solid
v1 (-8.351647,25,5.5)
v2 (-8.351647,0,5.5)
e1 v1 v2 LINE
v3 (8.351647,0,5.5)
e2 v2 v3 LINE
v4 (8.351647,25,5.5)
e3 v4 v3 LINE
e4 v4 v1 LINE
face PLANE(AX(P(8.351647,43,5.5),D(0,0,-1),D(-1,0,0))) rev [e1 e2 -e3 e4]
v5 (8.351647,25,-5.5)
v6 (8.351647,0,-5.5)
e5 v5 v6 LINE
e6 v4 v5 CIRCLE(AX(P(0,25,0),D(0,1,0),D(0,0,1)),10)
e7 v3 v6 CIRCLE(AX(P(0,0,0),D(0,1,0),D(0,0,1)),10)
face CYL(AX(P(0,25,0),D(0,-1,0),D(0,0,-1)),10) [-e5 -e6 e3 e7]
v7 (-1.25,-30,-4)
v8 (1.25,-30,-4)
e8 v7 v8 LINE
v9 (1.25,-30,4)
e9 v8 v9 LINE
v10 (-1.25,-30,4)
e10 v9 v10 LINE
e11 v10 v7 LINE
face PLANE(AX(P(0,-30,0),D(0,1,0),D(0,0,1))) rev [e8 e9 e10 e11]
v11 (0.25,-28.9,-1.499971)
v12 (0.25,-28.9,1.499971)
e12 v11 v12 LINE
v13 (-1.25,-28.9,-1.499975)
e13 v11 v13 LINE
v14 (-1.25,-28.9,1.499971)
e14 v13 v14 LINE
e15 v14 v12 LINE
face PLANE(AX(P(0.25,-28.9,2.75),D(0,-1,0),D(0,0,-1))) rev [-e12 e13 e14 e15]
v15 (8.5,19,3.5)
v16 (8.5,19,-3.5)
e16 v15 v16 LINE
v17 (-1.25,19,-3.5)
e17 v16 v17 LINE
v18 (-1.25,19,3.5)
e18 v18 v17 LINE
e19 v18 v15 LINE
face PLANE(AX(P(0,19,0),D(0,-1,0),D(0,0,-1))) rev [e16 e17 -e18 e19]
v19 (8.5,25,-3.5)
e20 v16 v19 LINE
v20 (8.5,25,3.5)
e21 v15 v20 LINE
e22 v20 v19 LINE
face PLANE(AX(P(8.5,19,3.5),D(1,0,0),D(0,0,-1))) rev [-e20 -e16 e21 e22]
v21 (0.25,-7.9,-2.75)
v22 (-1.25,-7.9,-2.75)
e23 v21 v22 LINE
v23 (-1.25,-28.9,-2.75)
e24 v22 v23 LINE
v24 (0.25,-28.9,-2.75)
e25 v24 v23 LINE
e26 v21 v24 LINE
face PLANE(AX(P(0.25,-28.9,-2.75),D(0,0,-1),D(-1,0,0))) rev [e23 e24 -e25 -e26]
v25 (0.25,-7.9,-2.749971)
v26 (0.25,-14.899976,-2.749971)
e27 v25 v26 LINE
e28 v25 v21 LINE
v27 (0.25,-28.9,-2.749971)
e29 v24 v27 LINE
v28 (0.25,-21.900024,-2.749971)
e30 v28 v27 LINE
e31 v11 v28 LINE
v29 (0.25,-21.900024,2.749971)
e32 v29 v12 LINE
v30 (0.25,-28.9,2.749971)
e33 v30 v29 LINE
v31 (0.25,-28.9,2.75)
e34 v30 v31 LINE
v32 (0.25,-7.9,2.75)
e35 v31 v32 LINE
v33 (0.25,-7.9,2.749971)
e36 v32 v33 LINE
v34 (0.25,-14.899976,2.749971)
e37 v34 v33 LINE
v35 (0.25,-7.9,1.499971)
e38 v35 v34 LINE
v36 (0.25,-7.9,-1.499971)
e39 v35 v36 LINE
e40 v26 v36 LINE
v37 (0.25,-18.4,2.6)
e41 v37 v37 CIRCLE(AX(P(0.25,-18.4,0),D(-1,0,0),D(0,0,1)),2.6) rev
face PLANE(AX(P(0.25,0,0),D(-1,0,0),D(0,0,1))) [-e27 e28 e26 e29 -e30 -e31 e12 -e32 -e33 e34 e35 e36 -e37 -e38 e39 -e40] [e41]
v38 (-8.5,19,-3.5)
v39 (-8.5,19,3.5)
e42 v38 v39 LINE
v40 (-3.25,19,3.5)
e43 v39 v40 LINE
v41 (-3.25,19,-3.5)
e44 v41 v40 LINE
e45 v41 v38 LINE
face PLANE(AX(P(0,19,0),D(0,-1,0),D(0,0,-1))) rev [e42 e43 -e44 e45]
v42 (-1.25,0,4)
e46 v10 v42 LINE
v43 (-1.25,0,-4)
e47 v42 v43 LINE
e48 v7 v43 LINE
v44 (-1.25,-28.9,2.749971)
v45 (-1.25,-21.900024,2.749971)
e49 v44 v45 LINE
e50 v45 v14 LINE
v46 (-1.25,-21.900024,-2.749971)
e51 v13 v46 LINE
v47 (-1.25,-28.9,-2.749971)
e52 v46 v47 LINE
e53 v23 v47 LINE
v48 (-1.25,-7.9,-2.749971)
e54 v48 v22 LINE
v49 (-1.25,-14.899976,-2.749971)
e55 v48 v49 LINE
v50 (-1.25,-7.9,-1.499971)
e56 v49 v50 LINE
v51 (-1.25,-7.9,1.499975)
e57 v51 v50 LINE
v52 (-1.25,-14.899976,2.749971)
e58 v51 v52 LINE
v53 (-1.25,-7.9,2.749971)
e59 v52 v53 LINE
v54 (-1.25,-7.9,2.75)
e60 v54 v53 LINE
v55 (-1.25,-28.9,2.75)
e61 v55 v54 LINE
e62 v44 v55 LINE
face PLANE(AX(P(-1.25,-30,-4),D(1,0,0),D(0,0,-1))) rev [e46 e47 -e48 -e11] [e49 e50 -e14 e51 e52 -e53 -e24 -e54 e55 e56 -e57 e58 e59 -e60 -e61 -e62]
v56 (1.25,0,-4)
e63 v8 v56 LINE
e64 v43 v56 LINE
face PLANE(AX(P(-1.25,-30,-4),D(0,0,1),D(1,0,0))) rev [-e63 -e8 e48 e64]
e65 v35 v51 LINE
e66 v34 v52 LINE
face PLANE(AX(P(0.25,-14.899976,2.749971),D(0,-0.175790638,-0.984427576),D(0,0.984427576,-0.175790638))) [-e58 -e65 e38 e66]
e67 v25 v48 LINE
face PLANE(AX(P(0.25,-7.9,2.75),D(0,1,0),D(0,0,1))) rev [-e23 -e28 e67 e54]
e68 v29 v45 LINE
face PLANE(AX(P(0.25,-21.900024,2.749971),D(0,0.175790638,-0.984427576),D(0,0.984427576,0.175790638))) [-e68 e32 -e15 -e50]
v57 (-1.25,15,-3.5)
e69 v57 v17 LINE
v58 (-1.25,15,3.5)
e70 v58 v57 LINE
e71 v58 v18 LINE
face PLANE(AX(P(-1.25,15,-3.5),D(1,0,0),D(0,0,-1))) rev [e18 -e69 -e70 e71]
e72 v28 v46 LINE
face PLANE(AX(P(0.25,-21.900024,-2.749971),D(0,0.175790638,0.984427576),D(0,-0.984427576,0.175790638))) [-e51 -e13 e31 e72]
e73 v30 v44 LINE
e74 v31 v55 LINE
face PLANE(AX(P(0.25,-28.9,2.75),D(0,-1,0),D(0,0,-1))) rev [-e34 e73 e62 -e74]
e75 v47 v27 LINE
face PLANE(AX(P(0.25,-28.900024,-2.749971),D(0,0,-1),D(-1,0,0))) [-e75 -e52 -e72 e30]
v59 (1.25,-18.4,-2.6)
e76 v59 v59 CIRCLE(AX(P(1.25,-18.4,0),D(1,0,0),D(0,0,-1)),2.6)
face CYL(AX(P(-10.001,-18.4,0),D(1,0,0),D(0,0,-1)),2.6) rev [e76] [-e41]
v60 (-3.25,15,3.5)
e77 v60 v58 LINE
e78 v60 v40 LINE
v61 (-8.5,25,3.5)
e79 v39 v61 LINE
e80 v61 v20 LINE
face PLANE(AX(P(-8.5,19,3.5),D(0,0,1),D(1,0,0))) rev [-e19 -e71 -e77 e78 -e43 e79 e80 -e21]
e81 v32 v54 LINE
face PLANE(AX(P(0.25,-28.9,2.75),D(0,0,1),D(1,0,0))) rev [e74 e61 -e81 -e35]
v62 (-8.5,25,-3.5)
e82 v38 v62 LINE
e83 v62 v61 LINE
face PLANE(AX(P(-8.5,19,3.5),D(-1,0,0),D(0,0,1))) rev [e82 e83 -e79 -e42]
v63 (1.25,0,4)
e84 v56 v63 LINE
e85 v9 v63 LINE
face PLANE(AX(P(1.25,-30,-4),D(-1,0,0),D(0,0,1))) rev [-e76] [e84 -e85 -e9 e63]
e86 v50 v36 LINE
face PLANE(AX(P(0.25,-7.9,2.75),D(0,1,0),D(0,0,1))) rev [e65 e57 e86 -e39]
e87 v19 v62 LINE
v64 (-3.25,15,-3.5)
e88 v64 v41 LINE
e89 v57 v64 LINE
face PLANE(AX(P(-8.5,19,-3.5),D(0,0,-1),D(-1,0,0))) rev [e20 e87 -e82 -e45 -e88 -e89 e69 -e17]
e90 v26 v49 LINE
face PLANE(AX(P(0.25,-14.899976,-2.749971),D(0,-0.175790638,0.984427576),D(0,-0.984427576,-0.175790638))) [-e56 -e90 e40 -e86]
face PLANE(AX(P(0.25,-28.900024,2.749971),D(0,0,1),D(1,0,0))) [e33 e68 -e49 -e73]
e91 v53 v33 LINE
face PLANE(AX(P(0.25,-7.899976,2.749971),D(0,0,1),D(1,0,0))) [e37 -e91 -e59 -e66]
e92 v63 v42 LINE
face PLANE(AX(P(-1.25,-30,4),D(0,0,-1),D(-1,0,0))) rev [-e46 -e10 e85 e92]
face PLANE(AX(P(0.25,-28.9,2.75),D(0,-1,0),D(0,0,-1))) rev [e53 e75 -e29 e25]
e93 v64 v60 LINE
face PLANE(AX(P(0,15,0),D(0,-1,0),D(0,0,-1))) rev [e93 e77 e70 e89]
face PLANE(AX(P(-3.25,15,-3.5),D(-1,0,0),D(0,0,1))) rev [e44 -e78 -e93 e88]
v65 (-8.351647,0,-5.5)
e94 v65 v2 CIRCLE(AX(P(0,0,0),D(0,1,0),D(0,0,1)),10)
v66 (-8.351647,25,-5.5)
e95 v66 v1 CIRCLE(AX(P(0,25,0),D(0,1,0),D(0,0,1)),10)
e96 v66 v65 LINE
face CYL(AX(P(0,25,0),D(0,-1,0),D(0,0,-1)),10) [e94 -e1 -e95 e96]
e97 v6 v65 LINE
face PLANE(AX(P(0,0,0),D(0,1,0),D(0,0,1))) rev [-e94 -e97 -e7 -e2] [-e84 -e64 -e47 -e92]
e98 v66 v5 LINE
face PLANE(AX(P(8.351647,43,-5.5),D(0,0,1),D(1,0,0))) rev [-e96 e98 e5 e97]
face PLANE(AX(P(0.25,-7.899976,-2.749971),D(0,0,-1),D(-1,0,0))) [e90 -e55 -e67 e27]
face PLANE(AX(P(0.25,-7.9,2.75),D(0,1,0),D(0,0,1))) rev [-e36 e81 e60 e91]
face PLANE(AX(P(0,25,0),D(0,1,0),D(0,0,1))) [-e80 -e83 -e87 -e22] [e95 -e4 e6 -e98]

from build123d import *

# Parameters (mm, degrees)
SKETCH3_R           = 10
BOSS_EXTRUDE1_DEPTH = 25
SKETCH4_W           = 2.5
SKETCH4_H           = 8
BOSS_EXTRUDE2_DEPTH = 30
CUT_EXTRUDE1_REACH  = 35.564
SKETCH5_R           = 2.6
SKETCH7_W           = 17
SKETCH7_H           = 7
CUT_EXTRUDE3_DEPTH  = 6
SKETCH8_W           = 2
SKETCH8_H           = 7
CUT_EXTRUDE4_DEPTH  = 4
SKETCH11_W          = 5.5
SKETCH11_H          = 21
CUT_EXTRUDE7_DEPTH  = 1.5
CUT_EXTRUDE5_DEPTH  = 43
BOSS_EXTRUDE3_DEPTH = 1.5


with BuildPart() as part:
    # Sketch3 → Boss-Extrude1 (new body)
    with BuildSketch(Plane(origin=(0, 0, 0), x_dir=(1, 0, 0), z_dir=(0, 1, 0))):
        with Locations(Location((0, 0, 0), (0, 0, 270))):
            Circle(SKETCH3_R)
    extrude(amount=BOSS_EXTRUDE1_DEPTH)

    # Sketch4 → Boss-Extrude2 (add)
    with BuildSketch(Plane(origin=(0, 0, 0), x_dir=(-1, 0, 0), z_dir=(0, -1, 0))):
        Rectangle(SKETCH4_W, SKETCH4_H)
    extrude(amount=BOSS_EXTRUDE2_DEPTH)

    # Sketch5 → Cut-Extrude1 (cut, up to next)
    with BuildSketch(Plane(origin=(1.25, 0, 0), x_dir=(0, 0, -1), z_dir=(1, 0, 0)), mode=Mode.PRIVATE) as cut_extrude1_sk1:
        with Locations((0, -18.4)):
            Circle(SKETCH5_R)
    cut_extrude1_tool1 = extrude(cut_extrude1_sk1.sketch, amount=-CUT_EXTRUDE1_REACH, mode=Mode.PRIVATE) & part.part
    add(cut_extrude1_tool1.solids().sort_by_distance((1.25, -18.4, 0))[0], mode=Mode.SUBTRACT)

    # Sketch7 → Cut-Extrude3 (cut)
    with BuildSketch(Plane(origin=(0, 25, 0), x_dir=(1, 0, 0), z_dir=(0, 1, 0))):
        Rectangle(SKETCH7_W, SKETCH7_H)
    extrude(amount=-CUT_EXTRUDE3_DEPTH, mode=Mode.SUBTRACT)

    # Sketch8 → Cut-Extrude4 (cut)
    with BuildSketch(Plane(origin=(0, 19, 0), x_dir=(1, 0, 0), z_dir=(0, 1, 0))):
        with Locations((-2.25, 0)):
            Rectangle(SKETCH8_W, SKETCH8_H)
    extrude(amount=-CUT_EXTRUDE4_DEPTH, mode=Mode.SUBTRACT)

    # Sketch11 → Cut-Extrude7 (cut)
    with BuildSketch(Plane.ZY.offset(1.25)):
        with Locations((0, -18.4)):
            Rectangle(SKETCH11_W, SKETCH11_H)
    extrude(amount=-CUT_EXTRUDE7_DEPTH, mode=Mode.SUBTRACT)

    # Sketch9 → Cut-Extrude5 (cut)
    with BuildSketch(Plane.XZ):
        with BuildLine():
            Line((8.351646544, -5.5), (-8.351646544, -5.5))
            ThreePointArc((-8.351646544, -5.5), (0, -10), (8.351646544, -5.5))
        make_face()
        with BuildLine():
            Line((8.351646544, 5.5), (-8.351646544, 5.5))
            ThreePointArc((-8.351646544, 5.5), (0, 10), (8.351646544, 5.5))
        make_face()
    extrude(amount=-CUT_EXTRUDE5_DEPTH, mode=Mode.SUBTRACT)

    # Sketch10 → Boss-Extrude3 (add)
    with BuildSketch(Plane.ZY.offset(1.25)):
        Polygon((-2.749970665, -28.900023923), (-2.749970665, -21.900023923), (-1.499970665, -28.900023923), align=None)
        Polygon((1.499970665, -28.900023923), (2.749970665, -28.900023923), (2.749970665, -21.900023923), align=None)
        Polygon((2.749970665, -7.899976077), (2.749970665, -14.899976077), (1.499970665, -7.899976077), align=None)
        Polygon((-1.499970665, -7.899976077), (-2.749970665, -7.899976077), (-2.749970665, -14.899976077), align=None)
    extrude(amount=-BOSS_EXTRUDE3_DEPTH)


solid = part.part
